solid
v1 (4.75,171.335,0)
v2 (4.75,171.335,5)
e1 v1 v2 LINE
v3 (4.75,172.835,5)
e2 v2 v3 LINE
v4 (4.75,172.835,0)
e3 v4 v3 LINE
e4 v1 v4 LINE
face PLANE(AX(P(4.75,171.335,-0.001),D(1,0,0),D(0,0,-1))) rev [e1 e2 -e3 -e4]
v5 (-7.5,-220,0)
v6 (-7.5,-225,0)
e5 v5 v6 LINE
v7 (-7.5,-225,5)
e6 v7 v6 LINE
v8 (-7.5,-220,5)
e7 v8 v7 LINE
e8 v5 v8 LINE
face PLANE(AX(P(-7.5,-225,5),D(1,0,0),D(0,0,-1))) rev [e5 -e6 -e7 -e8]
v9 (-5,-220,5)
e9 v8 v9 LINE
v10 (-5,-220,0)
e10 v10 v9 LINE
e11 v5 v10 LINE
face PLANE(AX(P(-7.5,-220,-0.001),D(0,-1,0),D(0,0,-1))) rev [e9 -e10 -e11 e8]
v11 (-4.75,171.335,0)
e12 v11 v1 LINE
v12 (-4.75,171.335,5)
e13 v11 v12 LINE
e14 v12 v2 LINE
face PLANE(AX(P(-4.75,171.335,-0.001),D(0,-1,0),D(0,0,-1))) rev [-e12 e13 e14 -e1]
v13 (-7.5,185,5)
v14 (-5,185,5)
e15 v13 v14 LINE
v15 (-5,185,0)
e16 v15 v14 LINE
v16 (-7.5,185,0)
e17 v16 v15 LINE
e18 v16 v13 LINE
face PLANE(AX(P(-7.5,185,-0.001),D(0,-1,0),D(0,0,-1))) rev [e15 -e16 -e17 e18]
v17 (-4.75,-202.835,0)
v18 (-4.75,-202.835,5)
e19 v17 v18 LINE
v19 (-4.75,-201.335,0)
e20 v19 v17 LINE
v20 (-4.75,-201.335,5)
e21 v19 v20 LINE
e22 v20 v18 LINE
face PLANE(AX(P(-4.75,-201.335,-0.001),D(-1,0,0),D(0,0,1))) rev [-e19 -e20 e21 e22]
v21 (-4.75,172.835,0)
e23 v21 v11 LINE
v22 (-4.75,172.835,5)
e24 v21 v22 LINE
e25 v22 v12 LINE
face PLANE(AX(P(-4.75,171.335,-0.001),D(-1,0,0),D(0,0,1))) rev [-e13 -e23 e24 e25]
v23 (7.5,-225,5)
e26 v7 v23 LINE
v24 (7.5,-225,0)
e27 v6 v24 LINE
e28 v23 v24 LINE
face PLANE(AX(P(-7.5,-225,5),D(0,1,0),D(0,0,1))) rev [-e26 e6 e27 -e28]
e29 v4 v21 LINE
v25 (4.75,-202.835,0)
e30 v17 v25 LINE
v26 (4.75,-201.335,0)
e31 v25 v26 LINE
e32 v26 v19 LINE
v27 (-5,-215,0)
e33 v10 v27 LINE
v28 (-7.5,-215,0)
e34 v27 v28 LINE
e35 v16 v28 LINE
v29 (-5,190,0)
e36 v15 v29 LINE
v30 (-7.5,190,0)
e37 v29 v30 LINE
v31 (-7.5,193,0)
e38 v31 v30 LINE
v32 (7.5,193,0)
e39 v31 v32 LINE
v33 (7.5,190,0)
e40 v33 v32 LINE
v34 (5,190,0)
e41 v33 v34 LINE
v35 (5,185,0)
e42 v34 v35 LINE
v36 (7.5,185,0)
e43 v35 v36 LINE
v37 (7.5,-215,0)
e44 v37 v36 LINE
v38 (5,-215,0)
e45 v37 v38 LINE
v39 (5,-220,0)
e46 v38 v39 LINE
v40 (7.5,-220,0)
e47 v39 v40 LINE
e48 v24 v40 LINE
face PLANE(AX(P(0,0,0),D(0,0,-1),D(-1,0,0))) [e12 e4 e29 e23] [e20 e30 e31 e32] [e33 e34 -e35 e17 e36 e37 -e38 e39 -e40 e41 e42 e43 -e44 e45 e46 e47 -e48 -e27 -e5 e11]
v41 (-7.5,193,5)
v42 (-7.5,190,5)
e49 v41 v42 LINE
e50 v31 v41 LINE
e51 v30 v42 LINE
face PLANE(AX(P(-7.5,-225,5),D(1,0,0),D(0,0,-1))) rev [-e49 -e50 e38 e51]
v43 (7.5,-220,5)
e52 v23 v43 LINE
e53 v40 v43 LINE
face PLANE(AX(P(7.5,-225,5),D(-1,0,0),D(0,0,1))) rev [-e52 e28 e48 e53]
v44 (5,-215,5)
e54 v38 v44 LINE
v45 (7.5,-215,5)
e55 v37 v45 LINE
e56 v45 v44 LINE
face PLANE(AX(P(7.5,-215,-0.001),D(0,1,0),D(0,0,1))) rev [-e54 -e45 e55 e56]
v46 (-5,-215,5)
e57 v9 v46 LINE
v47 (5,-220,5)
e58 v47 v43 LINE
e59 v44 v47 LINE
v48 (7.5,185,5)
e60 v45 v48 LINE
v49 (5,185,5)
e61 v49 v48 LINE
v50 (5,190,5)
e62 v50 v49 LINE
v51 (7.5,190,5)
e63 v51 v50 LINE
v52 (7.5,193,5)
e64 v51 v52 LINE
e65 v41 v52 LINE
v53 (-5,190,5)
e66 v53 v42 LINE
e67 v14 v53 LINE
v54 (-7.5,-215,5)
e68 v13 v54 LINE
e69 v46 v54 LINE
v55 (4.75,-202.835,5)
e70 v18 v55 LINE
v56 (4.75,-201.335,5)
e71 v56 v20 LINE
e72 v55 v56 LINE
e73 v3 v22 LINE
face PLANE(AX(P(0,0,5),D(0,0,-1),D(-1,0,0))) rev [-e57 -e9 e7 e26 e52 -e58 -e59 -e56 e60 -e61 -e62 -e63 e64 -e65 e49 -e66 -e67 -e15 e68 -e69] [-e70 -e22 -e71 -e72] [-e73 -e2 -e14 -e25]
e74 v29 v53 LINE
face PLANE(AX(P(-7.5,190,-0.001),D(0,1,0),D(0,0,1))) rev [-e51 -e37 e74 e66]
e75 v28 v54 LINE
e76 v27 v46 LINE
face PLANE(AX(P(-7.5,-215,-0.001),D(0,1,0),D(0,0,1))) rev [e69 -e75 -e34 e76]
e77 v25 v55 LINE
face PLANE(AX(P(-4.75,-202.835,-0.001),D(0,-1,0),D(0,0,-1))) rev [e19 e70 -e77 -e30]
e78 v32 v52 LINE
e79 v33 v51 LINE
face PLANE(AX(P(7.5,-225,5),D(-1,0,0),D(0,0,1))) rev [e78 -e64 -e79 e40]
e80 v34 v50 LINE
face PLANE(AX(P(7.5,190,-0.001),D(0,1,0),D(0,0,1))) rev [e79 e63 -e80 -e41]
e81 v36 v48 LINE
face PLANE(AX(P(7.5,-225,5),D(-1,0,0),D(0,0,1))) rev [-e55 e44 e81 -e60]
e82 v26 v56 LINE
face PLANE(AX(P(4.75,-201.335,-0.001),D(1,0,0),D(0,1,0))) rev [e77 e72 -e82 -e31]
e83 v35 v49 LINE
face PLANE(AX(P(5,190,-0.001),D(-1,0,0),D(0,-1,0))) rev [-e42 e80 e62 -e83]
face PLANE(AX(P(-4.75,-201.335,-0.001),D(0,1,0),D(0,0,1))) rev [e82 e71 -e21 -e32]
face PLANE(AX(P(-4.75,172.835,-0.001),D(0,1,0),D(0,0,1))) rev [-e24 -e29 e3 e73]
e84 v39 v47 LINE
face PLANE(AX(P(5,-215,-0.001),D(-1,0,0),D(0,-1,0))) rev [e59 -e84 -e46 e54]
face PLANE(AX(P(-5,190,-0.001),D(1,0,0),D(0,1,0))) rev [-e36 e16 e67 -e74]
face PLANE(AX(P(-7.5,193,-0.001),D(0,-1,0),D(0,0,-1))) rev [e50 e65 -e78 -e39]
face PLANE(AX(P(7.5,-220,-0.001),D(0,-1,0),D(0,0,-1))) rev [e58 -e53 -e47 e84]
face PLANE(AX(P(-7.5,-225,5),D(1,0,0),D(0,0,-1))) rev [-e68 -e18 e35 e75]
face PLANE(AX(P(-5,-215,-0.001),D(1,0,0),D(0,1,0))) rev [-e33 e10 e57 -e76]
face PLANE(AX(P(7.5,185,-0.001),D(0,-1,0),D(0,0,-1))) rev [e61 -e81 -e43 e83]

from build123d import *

# Parameters (mm, degrees)
SKETCH_1_W          = 15
SKETCH_1_H          = 450
EXTRUDE_1_DEPTH     = 5
CUT_EXTRUDE_1_REACH = 7
SKETCH_2_W          = 2.5
SKETCH_2_H          = 5
SKETCH_2_W_2        = 15
SKETCH_2_H_2        = 32
CUT_EXTRUDE_2_REACH = 7
SKETCH_3_W          = 9.5
SKETCH_3_H          = 1.5


with BuildPart() as part:
    # 草图1 → 凸台-拉伸1 (new body)
    with BuildSketch(Plane.XY):
        Rectangle(SKETCH_1_W, SKETCH_1_H)
    extrude(amount=EXTRUDE_1_DEPTH)

    # 草图2 → 切除-拉伸1 (cut, up to next)
    with BuildSketch(Plane.XY.offset(5), mode=Mode.PRIVATE) as cut_extrude_1_sk1:
        with Locations((-6.25, -217.5)):
            Rectangle(SKETCH_2_W, SKETCH_2_H)
    cut_extrude_1_tool1 = extrude(cut_extrude_1_sk1.sketch, amount=-CUT_EXTRUDE_1_REACH, mode=Mode.PRIVATE) & part.part
    add(cut_extrude_1_tool1.solids().sort_by_distance((-6.25, -217.5, 5))[0], mode=Mode.SUBTRACT)
    # 草图2 → 切除-拉伸1 (cut, up to next)
    with BuildSketch(Plane.XY.offset(5), mode=Mode.PRIVATE) as cut_extrude_1_sk2:
        with Locations((6.25, -217.5)):
            Rectangle(SKETCH_2_W, SKETCH_2_H)
    cut_extrude_1_tool2 = extrude(cut_extrude_1_sk2.sketch, amount=-CUT_EXTRUDE_1_REACH, mode=Mode.PRIVATE) & part.part
    add(cut_extrude_1_tool2.solids().sort_by_distance((6.25, -217.5, 5))[0], mode=Mode.SUBTRACT)
    # 草图2 → 切除-拉伸1 (cut, up to next)
    with BuildSketch(Plane.XY.offset(5), mode=Mode.PRIVATE) as cut_extrude_1_sk3:
        with Locations((-6.25, 187.5)):
            Rectangle(SKETCH_2_W, SKETCH_2_H)
    cut_extrude_1_tool3 = extrude(cut_extrude_1_sk3.sketch, amount=-CUT_EXTRUDE_1_REACH, mode=Mode.PRIVATE) & part.part
    add(cut_extrude_1_tool3.solids().sort_by_distance((-6.25, 187.5, 5))[0], mode=Mode.SUBTRACT)
    # 草图2 → 切除-拉伸1 (cut, up to next)
    with BuildSketch(Plane.XY.offset(5), mode=Mode.PRIVATE) as cut_extrude_1_sk4:
        with Locations((6.25, 187.5)):
            Rectangle(SKETCH_2_W, SKETCH_2_H)
    cut_extrude_1_tool4 = extrude(cut_extrude_1_sk4.sketch, amount=-CUT_EXTRUDE_1_REACH, mode=Mode.PRIVATE) & part.part
    add(cut_extrude_1_tool4.solids().sort_by_distance((6.25, 187.5, 5))[0], mode=Mode.SUBTRACT)
    # 草图2 → 切除-拉伸1 (cut, up to next)
    with BuildSketch(Plane.XY.offset(5), mode=Mode.PRIVATE) as cut_extrude_1_sk5:
        with Locations((0, 209)):
            Rectangle(SKETCH_2_W_2, SKETCH_2_H_2)
    cut_extrude_1_tool5 = extrude(cut_extrude_1_sk5.sketch, amount=-CUT_EXTRUDE_1_REACH, mode=Mode.PRIVATE) & part.part
    add(cut_extrude_1_tool5.solids().sort_by_distance((0, 209, 5))[0], mode=Mode.SUBTRACT)

    # 草图3 → 切除-拉伸2 (cut, up to next)
    with BuildSketch(Plane.XY.offset(5), mode=Mode.PRIVATE) as cut_extrude_2_sk1:
        with Locations((0, -202.085)):
            Rectangle(SKETCH_3_W, SKETCH_3_H)
    cut_extrude_2_tool1 = extrude(cut_extrude_2_sk1.sketch, amount=-CUT_EXTRUDE_2_REACH, mode=Mode.PRIVATE) & part.part
    add(cut_extrude_2_tool1.solids().sort_by_distance((0, -202.085, 5))[0], mode=Mode.SUBTRACT)
    # 草图3 → 切除-拉伸2 (cut, up to next)
    with BuildSketch(Plane.XY.offset(5), mode=Mode.PRIVATE) as cut_extrude_2_sk2:
        with Locations((0, 172.085)):
            Rectangle(SKETCH_3_W, SKETCH_3_H)
    cut_extrude_2_tool2 = extrude(cut_extrude_2_sk2.sketch, amount=-CUT_EXTRUDE_2_REACH, mode=Mode.PRIVATE) & part.part
    add(cut_extrude_2_tool2.solids().sort_by_distance((0, 172.085, 5))[0], mode=Mode.SUBTRACT)


solid = part.part
